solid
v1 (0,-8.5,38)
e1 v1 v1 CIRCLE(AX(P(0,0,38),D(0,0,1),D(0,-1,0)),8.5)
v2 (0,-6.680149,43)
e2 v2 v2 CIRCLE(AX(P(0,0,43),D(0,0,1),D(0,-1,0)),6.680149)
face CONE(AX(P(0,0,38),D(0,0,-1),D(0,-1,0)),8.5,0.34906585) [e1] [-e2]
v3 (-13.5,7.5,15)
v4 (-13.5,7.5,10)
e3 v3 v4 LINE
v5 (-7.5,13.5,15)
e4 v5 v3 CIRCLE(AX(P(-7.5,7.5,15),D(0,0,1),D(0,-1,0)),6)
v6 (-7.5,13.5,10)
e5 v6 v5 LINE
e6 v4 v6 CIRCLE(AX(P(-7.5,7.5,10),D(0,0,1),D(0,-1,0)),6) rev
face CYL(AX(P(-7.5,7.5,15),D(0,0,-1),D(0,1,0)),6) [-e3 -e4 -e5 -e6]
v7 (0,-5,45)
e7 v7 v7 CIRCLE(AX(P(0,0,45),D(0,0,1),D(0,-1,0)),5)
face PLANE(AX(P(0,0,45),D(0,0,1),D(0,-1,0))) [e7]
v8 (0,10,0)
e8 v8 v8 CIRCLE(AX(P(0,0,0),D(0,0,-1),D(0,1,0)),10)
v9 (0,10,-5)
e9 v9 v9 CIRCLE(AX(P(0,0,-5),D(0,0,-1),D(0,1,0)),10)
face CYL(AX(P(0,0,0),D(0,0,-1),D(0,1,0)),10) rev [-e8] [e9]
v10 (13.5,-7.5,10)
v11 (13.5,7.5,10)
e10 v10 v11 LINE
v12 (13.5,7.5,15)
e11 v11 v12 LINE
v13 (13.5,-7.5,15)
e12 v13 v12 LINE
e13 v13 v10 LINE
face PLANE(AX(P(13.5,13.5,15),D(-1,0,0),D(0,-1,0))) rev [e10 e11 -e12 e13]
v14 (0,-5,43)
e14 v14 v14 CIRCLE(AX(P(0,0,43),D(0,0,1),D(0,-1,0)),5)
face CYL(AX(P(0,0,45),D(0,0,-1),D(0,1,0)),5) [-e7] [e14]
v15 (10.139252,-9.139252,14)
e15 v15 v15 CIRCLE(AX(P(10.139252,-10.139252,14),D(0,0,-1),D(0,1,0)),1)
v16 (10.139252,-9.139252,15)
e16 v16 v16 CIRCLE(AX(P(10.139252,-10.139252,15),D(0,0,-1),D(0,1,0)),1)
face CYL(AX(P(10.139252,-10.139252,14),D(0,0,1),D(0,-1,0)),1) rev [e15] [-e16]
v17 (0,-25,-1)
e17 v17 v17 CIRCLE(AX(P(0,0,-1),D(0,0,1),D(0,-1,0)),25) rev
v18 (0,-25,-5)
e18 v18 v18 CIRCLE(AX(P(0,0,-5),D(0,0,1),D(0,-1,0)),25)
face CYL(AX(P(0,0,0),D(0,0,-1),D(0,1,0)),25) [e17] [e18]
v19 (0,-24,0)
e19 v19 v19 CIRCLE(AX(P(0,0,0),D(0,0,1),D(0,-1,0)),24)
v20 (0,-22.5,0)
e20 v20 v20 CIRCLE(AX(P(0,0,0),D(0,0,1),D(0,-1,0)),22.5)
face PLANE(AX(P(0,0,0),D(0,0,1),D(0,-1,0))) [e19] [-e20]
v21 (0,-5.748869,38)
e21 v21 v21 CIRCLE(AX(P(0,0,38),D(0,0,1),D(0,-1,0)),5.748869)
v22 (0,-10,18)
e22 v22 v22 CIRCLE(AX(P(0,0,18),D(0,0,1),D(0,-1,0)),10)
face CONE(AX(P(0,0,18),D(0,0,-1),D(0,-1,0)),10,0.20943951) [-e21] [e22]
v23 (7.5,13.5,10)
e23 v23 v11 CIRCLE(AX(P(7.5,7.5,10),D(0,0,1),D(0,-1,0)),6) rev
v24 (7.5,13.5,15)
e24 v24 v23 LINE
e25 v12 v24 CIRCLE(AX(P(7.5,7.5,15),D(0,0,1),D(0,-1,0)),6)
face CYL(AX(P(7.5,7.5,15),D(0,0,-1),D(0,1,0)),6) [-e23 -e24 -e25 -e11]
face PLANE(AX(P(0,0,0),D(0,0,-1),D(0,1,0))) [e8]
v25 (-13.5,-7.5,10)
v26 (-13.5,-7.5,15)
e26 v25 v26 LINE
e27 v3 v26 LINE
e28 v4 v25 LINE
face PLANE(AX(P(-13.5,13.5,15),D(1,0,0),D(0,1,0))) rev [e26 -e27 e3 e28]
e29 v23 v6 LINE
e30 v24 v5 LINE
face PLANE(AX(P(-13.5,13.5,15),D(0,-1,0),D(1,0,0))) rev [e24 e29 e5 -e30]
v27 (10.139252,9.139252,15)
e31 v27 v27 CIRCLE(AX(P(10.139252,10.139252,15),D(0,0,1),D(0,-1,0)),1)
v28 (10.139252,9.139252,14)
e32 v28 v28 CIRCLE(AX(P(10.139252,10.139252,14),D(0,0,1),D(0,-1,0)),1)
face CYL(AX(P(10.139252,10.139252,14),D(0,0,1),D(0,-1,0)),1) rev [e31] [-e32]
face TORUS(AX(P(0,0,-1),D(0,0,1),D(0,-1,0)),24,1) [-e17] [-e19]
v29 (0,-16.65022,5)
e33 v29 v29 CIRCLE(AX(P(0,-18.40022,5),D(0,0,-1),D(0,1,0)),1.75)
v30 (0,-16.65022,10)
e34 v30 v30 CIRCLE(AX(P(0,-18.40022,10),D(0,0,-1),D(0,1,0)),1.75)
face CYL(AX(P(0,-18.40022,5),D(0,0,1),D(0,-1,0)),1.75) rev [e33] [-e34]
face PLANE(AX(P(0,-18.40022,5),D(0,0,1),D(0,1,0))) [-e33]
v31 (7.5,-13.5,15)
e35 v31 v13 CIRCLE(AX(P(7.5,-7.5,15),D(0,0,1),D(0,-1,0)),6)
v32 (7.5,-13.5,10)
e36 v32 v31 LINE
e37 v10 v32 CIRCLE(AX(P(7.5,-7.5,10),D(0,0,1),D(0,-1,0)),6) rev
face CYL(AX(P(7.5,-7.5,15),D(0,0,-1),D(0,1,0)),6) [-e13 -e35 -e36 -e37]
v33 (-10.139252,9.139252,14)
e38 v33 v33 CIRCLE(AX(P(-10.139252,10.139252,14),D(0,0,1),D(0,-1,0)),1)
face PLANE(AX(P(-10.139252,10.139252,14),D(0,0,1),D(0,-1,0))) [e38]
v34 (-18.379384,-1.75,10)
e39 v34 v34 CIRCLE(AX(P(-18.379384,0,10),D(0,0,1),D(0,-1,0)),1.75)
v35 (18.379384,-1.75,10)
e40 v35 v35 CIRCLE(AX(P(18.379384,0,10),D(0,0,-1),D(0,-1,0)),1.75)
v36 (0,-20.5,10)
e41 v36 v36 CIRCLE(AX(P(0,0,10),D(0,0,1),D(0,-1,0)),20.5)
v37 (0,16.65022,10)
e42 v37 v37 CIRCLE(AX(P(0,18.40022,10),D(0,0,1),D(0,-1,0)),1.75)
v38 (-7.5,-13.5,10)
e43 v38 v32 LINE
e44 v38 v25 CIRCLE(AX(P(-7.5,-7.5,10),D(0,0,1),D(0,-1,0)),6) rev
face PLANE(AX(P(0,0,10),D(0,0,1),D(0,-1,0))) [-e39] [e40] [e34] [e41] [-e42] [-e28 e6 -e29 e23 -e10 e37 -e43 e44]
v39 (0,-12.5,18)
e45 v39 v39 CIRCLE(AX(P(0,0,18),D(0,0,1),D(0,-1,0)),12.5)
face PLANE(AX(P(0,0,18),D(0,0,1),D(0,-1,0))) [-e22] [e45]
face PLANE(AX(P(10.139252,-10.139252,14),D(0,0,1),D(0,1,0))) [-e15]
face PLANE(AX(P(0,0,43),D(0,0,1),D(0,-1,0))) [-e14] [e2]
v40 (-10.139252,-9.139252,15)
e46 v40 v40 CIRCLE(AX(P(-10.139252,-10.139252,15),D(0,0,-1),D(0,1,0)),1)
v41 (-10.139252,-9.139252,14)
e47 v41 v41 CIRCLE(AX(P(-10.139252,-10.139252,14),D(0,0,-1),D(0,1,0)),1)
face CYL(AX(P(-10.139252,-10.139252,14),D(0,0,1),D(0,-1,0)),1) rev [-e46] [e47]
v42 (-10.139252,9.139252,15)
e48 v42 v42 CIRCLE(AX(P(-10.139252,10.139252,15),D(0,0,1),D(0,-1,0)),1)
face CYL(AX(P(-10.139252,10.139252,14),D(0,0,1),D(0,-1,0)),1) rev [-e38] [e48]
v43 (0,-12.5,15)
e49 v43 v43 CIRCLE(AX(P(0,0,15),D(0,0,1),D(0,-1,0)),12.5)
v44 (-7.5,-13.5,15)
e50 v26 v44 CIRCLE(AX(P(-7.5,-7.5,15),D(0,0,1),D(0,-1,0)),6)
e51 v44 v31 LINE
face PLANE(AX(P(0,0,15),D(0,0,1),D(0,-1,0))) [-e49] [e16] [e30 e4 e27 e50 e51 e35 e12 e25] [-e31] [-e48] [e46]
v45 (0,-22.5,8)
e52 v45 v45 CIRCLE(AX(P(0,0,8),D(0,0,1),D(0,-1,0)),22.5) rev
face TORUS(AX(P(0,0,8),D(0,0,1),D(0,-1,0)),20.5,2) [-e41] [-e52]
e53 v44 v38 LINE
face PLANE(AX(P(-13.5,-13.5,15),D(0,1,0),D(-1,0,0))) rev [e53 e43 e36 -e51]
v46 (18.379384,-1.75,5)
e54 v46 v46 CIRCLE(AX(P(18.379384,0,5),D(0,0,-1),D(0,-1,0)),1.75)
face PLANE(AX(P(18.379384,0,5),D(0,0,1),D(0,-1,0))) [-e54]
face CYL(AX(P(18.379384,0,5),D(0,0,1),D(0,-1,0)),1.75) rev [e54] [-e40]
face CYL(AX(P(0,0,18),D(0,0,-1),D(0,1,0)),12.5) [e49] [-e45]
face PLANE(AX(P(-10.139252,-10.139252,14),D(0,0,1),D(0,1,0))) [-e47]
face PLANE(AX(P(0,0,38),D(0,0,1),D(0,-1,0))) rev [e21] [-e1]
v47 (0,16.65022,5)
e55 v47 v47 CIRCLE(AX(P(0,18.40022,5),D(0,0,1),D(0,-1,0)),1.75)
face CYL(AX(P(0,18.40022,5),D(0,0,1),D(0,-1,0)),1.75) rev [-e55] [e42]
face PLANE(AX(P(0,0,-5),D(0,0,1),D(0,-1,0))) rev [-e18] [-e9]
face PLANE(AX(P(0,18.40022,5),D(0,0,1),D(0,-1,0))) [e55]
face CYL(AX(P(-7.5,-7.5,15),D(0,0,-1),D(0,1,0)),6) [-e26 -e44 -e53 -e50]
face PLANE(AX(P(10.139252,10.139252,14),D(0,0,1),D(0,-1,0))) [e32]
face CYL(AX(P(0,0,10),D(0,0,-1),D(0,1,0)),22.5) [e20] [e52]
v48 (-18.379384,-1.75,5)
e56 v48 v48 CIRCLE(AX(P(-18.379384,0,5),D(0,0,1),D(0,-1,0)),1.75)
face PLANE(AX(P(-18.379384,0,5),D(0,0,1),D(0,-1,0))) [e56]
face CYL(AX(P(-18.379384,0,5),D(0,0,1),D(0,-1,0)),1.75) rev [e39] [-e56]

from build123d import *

# Parameters (mm, degrees)
SKETCH1_R             = 25
BOSS_EXTRUDE1_DEPTH   = 5
SKETCH2_R             = 22.5
BOSS_EXTRUDE2_DEPTH   = 10
SKETCH3_W             = 27
SKETCH3_H             = 27
BOSS_EXTRUDE3_DEPTH   = 5
SKETCH5_R             = 12.5
BOSS_EXTRUDE4_DEPTH   = 3
SKETCH6_R             = 10
BOSS_EXTRUDE5_DEPTH   = 20
BOSS_EXTRUDE5_TAPER   = 12
SKETCH7_R             = 8.5
BOSS_EXTRUDE6_DEPTH   = 5
BOSS_EXTRUDE6_TAPER   = 20
SKETCH8_R             = 5
BOSS_EXTRUDE7_DEPTH   = 2
FILLET1_R             = 6
SKETCH10_R            = 1.75
CUT_EXTRUDE2_DEPTH    = 5
SKETCH11_R            = 1
CUT_EXTRUDE3_DEPTH    = 1
SKETCH12_R            = 10
CUT_EXTRUDE4_DEPTH    = 5
FILLET2_R             = 2
FILLET3_R             = 1
BODY_MOVE_COPY2_ANGLE = 90


with BuildPart() as part:
    # Sketch1 → Boss-Extrude1 (new body)
    with BuildSketch(Plane(origin=(0, 0, 0), x_dir=(1, 0, 0), z_dir=(0, 1, 0))):
        Circle(SKETCH1_R)
    extrude(amount=BOSS_EXTRUDE1_DEPTH)

    # Sketch2 → Boss-Extrude2 (add)
    with BuildSketch(Plane(origin=(0, 5, 0), x_dir=(1, 0, 0), z_dir=(0, 1, 0))):
        Circle(SKETCH2_R)
    extrude(amount=BOSS_EXTRUDE2_DEPTH)

    # Sketch3 → Boss-Extrude3 (add)
    with BuildSketch(Plane(origin=(0, 15, 0), x_dir=(1, 0, 0), z_dir=(0, 1, 0))):
        Rectangle(SKETCH3_W, SKETCH3_H)
    extrude(amount=BOSS_EXTRUDE3_DEPTH)

    # Sketch5 → Boss-Extrude4 (add)
    with BuildSketch(Plane(origin=(0, 20, 0), x_dir=(1, 0, 0), z_dir=(0, 1, 0))):
        Circle(SKETCH5_R)
    extrude(amount=BOSS_EXTRUDE4_DEPTH)

    # Sketch6 → Boss-Extrude5 (add)
    with BuildSketch(Plane(origin=(0, 23, 0), x_dir=(1, 0, 0), z_dir=(0, 1, 0))):
        Circle(SKETCH6_R)
    extrude(amount=BOSS_EXTRUDE5_DEPTH, taper=BOSS_EXTRUDE5_TAPER)

    # Sketch7 → Boss-Extrude6 (add)
    with BuildSketch(Plane(origin=(0, 43, 0), x_dir=(1, 0, 0), z_dir=(0, 1, 0))):
        Circle(SKETCH7_R)
    extrude(amount=BOSS_EXTRUDE6_DEPTH, taper=BOSS_EXTRUDE6_TAPER)

    # Sketch8 → Boss-Extrude7 (add)
    with BuildSketch(Plane(origin=(0, 48, 0), x_dir=(1, 0, 0), z_dir=(0, 1, 0))):
        Circle(SKETCH8_R)
    extrude(amount=BOSS_EXTRUDE7_DEPTH)

    # Fillet1
    fillet1_edges = [part.edges().sort_by_distance(p)[0] for p in [
        (13.5, 17.5, 13.5),
        (13.5, 17.5, -13.5),
        (-13.5, 17.5, -13.5),
        (-13.5, 17.5, 13.5),
    ]]
    fillet(fillet1_edges, radius=FILLET1_R)

    # Sketch10 → Cut-Extrude2 (cut)
    with BuildSketch(Plane(origin=(0, 15, 0), x_dir=(1, 0, 0), z_dir=(0, 1, 0))):
        with Locations((-18.379384185, 0)):
            Circle(SKETCH10_R)
        with Locations((0, 18.400220003)):
            Circle(SKETCH10_R)
    cut_extrude2 = extrude(amount=-CUT_EXTRUDE2_DEPTH, mode=Mode.SUBTRACT)

    # Sketch11 → Cut-Extrude3 (cut)
    with BuildSketch(Plane(origin=(0, 20, 0), x_dir=(1, 0, 0), z_dir=(0, 1, 0))):
        with Locations((10.139251665, 10.139251665)):
            Circle(SKETCH11_R)
        with Locations((-10.139251665, 10.139251665)):
            Circle(SKETCH11_R)
    cut_extrude3 = extrude(amount=-CUT_EXTRUDE3_DEPTH, mode=Mode.SUBTRACT)

    # Mirror4: Cut-Extrude2, Cut-Extrude3 across plane
    add(cut_extrude2.mirror(Plane.XY), mode=Mode.SUBTRACT)
    add(cut_extrude3.mirror(Plane.XY), mode=Mode.SUBTRACT)

    # Mirror6: Cut-Extrude2 across plane
    add(cut_extrude2.mirror(Plane(origin=(0, 0, 0), x_dir=(0, 0, 1), z_dir=(1, 0, 0))), mode=Mode.SUBTRACT)

    # Sketch12 → Cut-Extrude4 (cut)
    with BuildSketch(Plane.XZ):
        Circle(SKETCH12_R)
    extrude(amount=-CUT_EXTRUDE4_DEPTH, mode=Mode.SUBTRACT)

    # Fillet2
    fillet2_edges = [part.edges().sort_by_distance(p)[0] for p in [
        (-22.5, 15, 0),
    ]]
    fillet(fillet2_edges, radius=FILLET2_R)

    # Fillet3
    fillet3_edges = [part.edges().sort_by_distance(p)[0] for p in [
        (-25, 5, 0),
    ]]
    fillet(fillet3_edges, radius=FILLET3_R)


with BuildPart() as part_1:
    # Body-Move/Copy1: moved
    add(part.part.moved(Location((0, -5, 0))))


with BuildPart() as part_2:
    # Body-Move/Copy2: moved
    add(part_1.part.rotate(Axis((0, 0, 0), (1, 0, 0)), BODY_MOVE_COPY2_ANGLE))


solid = part_2.part
